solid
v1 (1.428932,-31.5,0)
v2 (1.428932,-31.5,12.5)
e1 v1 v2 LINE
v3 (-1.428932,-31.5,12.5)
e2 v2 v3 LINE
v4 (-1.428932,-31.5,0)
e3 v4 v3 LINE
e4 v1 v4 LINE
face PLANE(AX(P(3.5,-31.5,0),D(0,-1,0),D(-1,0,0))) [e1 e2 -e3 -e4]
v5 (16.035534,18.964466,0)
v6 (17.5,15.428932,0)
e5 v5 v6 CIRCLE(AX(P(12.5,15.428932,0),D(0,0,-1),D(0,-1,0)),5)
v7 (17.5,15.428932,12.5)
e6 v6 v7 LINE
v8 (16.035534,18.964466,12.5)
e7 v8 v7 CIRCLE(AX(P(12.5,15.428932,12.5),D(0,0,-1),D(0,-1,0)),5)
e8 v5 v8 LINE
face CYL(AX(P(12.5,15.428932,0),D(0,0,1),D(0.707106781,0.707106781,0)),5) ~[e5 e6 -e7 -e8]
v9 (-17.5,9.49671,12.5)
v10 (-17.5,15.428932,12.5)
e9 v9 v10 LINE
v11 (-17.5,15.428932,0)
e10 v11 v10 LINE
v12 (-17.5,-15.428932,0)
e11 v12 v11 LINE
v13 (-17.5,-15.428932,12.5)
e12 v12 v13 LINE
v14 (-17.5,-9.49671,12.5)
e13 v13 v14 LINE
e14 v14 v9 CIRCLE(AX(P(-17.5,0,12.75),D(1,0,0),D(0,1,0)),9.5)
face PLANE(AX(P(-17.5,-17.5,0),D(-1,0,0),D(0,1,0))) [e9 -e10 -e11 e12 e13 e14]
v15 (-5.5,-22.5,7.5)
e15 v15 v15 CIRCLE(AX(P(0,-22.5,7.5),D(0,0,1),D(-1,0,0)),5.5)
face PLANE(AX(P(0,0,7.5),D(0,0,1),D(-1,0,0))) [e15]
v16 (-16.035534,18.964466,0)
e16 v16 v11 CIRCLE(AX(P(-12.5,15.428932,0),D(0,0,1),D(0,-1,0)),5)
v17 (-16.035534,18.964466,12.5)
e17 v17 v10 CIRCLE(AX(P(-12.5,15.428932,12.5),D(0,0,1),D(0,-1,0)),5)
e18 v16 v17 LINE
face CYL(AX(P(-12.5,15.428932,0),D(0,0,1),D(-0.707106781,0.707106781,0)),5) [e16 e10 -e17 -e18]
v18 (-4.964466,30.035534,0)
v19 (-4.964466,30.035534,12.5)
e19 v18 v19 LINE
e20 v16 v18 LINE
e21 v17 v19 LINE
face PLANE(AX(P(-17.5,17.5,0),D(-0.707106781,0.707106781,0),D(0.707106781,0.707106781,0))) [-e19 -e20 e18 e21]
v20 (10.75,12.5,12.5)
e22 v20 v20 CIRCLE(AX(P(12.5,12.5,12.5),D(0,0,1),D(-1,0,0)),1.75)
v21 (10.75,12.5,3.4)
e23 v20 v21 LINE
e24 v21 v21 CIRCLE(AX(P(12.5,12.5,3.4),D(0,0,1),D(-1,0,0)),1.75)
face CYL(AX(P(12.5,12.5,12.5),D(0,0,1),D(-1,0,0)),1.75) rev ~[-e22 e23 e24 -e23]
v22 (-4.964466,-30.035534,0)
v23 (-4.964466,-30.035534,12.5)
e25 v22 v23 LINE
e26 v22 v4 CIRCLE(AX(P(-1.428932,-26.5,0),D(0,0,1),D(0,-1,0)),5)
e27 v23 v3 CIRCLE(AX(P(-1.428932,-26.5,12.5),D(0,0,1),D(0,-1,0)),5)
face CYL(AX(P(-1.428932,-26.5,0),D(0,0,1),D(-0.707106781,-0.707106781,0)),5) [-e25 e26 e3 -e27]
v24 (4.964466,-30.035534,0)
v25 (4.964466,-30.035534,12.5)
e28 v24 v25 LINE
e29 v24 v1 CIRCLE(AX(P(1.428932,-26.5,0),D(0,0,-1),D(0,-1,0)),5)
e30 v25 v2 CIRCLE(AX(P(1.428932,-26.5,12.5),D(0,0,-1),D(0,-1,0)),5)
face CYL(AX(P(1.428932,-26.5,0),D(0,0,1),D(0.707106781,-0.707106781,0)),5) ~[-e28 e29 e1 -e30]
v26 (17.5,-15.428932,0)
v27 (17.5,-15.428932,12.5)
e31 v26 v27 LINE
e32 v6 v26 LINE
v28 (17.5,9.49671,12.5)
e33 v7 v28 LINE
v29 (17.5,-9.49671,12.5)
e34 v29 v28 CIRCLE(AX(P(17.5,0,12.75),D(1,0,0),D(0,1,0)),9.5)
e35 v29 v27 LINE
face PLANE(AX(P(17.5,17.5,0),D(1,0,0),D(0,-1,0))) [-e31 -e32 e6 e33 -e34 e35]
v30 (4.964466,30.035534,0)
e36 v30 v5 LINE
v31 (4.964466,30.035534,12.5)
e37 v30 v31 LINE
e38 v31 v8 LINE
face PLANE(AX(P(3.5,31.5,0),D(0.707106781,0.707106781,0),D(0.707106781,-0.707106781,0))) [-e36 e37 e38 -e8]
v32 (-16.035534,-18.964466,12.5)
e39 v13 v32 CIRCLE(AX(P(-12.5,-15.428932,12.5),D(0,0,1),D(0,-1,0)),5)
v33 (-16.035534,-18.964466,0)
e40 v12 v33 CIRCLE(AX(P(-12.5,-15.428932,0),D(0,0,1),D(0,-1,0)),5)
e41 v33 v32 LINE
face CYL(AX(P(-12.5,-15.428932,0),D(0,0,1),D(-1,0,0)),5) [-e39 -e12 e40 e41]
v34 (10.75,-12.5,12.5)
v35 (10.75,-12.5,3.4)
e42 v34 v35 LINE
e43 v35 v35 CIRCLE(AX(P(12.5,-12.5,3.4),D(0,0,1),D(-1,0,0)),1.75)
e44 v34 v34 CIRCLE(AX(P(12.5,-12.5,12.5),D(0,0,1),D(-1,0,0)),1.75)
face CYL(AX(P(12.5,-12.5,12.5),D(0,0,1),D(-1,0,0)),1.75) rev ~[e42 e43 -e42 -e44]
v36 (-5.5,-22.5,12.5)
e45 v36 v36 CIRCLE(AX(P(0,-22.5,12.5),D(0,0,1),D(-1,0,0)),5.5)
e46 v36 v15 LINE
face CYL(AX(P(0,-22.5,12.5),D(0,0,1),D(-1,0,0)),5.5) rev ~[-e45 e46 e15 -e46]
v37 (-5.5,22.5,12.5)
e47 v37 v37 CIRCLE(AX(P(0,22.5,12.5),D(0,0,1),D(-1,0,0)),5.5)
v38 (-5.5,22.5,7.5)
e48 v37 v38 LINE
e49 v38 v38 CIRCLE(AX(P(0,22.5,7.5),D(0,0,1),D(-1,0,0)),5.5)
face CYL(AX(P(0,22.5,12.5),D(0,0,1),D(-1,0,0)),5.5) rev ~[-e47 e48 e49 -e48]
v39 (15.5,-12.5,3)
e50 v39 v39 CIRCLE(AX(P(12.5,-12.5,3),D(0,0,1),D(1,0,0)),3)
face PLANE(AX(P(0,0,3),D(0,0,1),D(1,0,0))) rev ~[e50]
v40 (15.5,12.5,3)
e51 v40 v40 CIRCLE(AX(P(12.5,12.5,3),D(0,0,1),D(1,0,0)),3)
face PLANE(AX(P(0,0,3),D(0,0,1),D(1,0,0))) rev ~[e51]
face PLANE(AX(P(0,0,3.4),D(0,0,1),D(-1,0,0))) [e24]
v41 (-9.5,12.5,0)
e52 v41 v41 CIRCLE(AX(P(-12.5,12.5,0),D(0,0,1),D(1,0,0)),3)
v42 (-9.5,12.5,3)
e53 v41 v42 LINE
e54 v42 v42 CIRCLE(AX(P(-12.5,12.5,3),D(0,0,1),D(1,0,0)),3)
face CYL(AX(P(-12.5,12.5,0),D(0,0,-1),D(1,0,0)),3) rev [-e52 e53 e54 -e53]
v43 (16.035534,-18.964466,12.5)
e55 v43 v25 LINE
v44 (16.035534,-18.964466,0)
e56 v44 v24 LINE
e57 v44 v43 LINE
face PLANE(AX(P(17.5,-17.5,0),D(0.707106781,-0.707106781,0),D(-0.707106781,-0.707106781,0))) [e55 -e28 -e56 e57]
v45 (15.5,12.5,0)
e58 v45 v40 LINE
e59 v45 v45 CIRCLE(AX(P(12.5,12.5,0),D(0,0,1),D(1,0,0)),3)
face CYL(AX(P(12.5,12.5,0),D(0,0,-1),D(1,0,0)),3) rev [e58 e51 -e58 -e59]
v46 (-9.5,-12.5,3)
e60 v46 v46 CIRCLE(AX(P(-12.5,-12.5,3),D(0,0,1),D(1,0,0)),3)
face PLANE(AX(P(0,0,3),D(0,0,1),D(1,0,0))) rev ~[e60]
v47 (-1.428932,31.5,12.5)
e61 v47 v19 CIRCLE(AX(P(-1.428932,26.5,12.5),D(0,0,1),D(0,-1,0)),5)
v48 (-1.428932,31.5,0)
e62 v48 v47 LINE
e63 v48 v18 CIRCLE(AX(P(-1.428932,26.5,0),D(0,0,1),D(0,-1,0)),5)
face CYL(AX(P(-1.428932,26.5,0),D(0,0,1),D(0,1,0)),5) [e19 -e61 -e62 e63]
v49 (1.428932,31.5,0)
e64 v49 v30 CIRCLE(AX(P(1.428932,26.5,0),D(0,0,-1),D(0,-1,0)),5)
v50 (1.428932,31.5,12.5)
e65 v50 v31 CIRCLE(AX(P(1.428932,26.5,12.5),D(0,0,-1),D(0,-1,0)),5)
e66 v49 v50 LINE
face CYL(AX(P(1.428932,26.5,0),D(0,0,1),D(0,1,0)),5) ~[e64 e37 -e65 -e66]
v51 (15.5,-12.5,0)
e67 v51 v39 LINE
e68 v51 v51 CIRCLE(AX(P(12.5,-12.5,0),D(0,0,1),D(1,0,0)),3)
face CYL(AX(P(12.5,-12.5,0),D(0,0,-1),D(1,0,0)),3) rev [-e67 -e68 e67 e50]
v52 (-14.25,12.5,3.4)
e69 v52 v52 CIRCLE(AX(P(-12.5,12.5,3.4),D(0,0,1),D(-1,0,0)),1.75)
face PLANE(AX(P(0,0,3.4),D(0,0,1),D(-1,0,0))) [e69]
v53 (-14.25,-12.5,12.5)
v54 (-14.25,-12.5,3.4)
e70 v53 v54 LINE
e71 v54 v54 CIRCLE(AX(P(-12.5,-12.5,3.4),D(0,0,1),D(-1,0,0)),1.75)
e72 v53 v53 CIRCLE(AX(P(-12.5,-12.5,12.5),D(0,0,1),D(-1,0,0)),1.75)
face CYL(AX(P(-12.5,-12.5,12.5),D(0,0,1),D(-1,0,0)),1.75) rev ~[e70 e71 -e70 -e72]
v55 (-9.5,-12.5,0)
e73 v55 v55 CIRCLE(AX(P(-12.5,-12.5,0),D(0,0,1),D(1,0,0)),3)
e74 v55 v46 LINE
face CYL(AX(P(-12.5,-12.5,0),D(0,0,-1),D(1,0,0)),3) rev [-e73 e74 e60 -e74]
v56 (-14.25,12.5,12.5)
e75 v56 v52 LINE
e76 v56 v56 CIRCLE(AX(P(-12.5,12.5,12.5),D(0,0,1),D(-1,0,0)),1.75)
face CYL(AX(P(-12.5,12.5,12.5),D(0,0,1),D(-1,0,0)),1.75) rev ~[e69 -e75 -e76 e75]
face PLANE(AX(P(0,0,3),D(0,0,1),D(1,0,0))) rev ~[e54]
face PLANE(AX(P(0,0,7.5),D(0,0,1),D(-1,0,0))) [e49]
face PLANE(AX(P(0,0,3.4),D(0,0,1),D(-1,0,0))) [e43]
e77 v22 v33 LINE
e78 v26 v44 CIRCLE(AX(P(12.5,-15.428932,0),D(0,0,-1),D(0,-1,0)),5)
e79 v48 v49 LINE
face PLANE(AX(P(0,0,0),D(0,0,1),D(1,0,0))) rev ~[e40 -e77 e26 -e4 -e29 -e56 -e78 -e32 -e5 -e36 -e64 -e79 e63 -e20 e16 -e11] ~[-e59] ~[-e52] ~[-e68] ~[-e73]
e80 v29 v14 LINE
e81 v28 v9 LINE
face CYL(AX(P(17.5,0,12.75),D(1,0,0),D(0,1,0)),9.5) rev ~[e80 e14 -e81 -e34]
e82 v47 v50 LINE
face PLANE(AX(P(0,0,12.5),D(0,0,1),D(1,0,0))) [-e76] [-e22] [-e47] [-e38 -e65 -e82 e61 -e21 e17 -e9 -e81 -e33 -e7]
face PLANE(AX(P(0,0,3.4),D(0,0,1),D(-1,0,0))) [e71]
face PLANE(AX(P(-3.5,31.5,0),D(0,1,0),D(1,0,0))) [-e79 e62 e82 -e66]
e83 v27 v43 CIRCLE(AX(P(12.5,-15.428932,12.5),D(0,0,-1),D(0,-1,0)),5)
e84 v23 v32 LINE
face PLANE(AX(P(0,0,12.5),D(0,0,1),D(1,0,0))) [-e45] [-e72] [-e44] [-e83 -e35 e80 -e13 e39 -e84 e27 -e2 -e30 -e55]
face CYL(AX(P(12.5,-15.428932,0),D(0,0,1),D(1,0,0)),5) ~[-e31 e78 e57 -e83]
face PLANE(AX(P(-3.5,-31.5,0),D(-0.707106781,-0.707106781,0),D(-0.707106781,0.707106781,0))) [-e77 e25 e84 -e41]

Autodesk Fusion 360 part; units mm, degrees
sketch "スケッチ1" plane through (0, 0, 0) normal (0, 0, 1) x (1, 0, 0)
  line L0 (-3.5, 31.5) -> (3.5, 31.5)
  line L1 (3.5, 31.5) -> (17.5, 17.5)
  line L2 (17.5, 17.5) -> (17.5, -17.5)
  line L3 (17.5, -17.5) -> (3.5, -31.5)
  line L4 (3.5, -31.5) -> (-3.5, -31.5)
  line L5 (-3.5, -31.5) -> (-17.5, -17.5)
  line L6 (-17.5, -17.5) -> (-17.5, 17.5)
  line L7 (-17.5, 17.5) -> (-3.5, 31.5)
  circle A0 centre (-12.5, 12.5) radius 3
  circle A1 centre (-12.5, -12.5) radius 3
  circle A2 centre (12.5, -12.5) radius 3
  circle A3 centre (12.5, 12.5) radius 3
  dimension "d1" = 35
  dimension "d2" = 63
  dimension "d3" = 31.5
  dimension "d4" = 17.5
  dimension "d5" = 14
  dimension "d6" = 14
  dimension "d7" = 14
  dimension "d8" = 14
  dimension "d9" = 14
  dimension "d10" = 14
  dimension "d11" = 14
  dimension "d12" = 14
  dimension "d13" = 6
  dimension "d14" = 12.5
  dimension "d15" = 12.5
  dimension "d17" = 360
extrude "押し出し1" add sketch "スケッチ1" along normal blind 12.5 contours L0 L1 L2 L3 L4 L5 L6 L7 | A0 | A1 | A2 | A3
extrude "押し出し2" cut sketch "スケッチ1" along normal blind 3 contours A0 | A1 | A2 | A3
sketch "スケッチ2" plane through (17.5, 0, 0) normal (1, 0, 0) x (0, 1, 0)
  line L0 (-17.5, 0) -> (17.5, 0)
  line L1 (17.5, 0) -> (17.5, 12.5)
  line L2 (17.5, 12.5) -> (-17.5, 12.5)
  line L3 (-17.5, 12.5) -> (-17.5, 0)
  circle A0 centre (0, 12.75) radius 9.5
  line L4 (17.5, 0) -> (-17.5, 0)
  dimension "d22" = 19
  dimension "d23" = 12.75
extrude "押し出し3" cut sketch "スケッチ2" against normal up to surface (35 mm away) contours L2 A0 picked at (1.5592, 9.8271)
sketch "スケッチ3" plane through (0, 0, 12.5) normal (0, 0, 1) x (-1, 0, 0)
  line L0 (17.5, -9.4967) -> (-17.5, -9.4967)
  line L1 (-17.5, -9.4967) -> (-17.5, -17.5)
  line L2 (-17.5, -17.5) -> (-3.5, -31.5)
  line L3 (-3.5, -31.5) -> (3.5, -31.5)
  line L4 (3.5, -31.5) -> (17.5, -17.5)
  line L5 (17.5, -17.5) -> (17.5, -9.4967)
  circle A0 centre (12.5, -12.5) radius 1.75
  circle A1 centre (12.5, 12.5) radius 1.75
  circle A2 centre (-12.5, 12.5) radius 1.75
  circle A3 centre (-12.5, -12.5) radius 1.75
  line L6 (-3.5, 31.5) -> (3.5, 31.5)
  line L7 (0, 31.5) -> (0, -31.5) construction
  circle A4 centre (0, 22.5) radius 5.5
  circle A5 centre (0, -22.5) radius 5.5
  point P0 (12.5, -12.5)
  dimension "d26" = 3.5
  dimension "d28" = 360
  dimension "d32" = 11
  dimension "d33" = 11
  dimension "d34" = 9
  dimension "d35" = 9
extrude "押し出し4" cut sketch "スケッチ3" against normal blind 9.1 contours A0 | A1 | A2 | A3
extrude "押し出し5" cut sketch "スケッチ3" against normal blind 5 contours A4 | A5
fillet "フィレット1" radius 5 8 edges at (-17.5, 17.5, 6.25) (-3.5, 31.5, 6.25) (3.5, 31.5, 6.25) (17.5, 17.5, 6.25) (-17.5, -17.5, 6.25) (-3.5, -31.5, 6.25) (3.5, -31.5, 6.25) (17.5, -17.5, 6.25)
equation "d3 = d2 / 2"
equation "d4 = d1 / 2"
equation "d7 = d5"
equation "d8 = d6"
equation "d9 = d5"
equation "d10 = d7"
equation "d11 = d10"
equation "d12 = d9"
